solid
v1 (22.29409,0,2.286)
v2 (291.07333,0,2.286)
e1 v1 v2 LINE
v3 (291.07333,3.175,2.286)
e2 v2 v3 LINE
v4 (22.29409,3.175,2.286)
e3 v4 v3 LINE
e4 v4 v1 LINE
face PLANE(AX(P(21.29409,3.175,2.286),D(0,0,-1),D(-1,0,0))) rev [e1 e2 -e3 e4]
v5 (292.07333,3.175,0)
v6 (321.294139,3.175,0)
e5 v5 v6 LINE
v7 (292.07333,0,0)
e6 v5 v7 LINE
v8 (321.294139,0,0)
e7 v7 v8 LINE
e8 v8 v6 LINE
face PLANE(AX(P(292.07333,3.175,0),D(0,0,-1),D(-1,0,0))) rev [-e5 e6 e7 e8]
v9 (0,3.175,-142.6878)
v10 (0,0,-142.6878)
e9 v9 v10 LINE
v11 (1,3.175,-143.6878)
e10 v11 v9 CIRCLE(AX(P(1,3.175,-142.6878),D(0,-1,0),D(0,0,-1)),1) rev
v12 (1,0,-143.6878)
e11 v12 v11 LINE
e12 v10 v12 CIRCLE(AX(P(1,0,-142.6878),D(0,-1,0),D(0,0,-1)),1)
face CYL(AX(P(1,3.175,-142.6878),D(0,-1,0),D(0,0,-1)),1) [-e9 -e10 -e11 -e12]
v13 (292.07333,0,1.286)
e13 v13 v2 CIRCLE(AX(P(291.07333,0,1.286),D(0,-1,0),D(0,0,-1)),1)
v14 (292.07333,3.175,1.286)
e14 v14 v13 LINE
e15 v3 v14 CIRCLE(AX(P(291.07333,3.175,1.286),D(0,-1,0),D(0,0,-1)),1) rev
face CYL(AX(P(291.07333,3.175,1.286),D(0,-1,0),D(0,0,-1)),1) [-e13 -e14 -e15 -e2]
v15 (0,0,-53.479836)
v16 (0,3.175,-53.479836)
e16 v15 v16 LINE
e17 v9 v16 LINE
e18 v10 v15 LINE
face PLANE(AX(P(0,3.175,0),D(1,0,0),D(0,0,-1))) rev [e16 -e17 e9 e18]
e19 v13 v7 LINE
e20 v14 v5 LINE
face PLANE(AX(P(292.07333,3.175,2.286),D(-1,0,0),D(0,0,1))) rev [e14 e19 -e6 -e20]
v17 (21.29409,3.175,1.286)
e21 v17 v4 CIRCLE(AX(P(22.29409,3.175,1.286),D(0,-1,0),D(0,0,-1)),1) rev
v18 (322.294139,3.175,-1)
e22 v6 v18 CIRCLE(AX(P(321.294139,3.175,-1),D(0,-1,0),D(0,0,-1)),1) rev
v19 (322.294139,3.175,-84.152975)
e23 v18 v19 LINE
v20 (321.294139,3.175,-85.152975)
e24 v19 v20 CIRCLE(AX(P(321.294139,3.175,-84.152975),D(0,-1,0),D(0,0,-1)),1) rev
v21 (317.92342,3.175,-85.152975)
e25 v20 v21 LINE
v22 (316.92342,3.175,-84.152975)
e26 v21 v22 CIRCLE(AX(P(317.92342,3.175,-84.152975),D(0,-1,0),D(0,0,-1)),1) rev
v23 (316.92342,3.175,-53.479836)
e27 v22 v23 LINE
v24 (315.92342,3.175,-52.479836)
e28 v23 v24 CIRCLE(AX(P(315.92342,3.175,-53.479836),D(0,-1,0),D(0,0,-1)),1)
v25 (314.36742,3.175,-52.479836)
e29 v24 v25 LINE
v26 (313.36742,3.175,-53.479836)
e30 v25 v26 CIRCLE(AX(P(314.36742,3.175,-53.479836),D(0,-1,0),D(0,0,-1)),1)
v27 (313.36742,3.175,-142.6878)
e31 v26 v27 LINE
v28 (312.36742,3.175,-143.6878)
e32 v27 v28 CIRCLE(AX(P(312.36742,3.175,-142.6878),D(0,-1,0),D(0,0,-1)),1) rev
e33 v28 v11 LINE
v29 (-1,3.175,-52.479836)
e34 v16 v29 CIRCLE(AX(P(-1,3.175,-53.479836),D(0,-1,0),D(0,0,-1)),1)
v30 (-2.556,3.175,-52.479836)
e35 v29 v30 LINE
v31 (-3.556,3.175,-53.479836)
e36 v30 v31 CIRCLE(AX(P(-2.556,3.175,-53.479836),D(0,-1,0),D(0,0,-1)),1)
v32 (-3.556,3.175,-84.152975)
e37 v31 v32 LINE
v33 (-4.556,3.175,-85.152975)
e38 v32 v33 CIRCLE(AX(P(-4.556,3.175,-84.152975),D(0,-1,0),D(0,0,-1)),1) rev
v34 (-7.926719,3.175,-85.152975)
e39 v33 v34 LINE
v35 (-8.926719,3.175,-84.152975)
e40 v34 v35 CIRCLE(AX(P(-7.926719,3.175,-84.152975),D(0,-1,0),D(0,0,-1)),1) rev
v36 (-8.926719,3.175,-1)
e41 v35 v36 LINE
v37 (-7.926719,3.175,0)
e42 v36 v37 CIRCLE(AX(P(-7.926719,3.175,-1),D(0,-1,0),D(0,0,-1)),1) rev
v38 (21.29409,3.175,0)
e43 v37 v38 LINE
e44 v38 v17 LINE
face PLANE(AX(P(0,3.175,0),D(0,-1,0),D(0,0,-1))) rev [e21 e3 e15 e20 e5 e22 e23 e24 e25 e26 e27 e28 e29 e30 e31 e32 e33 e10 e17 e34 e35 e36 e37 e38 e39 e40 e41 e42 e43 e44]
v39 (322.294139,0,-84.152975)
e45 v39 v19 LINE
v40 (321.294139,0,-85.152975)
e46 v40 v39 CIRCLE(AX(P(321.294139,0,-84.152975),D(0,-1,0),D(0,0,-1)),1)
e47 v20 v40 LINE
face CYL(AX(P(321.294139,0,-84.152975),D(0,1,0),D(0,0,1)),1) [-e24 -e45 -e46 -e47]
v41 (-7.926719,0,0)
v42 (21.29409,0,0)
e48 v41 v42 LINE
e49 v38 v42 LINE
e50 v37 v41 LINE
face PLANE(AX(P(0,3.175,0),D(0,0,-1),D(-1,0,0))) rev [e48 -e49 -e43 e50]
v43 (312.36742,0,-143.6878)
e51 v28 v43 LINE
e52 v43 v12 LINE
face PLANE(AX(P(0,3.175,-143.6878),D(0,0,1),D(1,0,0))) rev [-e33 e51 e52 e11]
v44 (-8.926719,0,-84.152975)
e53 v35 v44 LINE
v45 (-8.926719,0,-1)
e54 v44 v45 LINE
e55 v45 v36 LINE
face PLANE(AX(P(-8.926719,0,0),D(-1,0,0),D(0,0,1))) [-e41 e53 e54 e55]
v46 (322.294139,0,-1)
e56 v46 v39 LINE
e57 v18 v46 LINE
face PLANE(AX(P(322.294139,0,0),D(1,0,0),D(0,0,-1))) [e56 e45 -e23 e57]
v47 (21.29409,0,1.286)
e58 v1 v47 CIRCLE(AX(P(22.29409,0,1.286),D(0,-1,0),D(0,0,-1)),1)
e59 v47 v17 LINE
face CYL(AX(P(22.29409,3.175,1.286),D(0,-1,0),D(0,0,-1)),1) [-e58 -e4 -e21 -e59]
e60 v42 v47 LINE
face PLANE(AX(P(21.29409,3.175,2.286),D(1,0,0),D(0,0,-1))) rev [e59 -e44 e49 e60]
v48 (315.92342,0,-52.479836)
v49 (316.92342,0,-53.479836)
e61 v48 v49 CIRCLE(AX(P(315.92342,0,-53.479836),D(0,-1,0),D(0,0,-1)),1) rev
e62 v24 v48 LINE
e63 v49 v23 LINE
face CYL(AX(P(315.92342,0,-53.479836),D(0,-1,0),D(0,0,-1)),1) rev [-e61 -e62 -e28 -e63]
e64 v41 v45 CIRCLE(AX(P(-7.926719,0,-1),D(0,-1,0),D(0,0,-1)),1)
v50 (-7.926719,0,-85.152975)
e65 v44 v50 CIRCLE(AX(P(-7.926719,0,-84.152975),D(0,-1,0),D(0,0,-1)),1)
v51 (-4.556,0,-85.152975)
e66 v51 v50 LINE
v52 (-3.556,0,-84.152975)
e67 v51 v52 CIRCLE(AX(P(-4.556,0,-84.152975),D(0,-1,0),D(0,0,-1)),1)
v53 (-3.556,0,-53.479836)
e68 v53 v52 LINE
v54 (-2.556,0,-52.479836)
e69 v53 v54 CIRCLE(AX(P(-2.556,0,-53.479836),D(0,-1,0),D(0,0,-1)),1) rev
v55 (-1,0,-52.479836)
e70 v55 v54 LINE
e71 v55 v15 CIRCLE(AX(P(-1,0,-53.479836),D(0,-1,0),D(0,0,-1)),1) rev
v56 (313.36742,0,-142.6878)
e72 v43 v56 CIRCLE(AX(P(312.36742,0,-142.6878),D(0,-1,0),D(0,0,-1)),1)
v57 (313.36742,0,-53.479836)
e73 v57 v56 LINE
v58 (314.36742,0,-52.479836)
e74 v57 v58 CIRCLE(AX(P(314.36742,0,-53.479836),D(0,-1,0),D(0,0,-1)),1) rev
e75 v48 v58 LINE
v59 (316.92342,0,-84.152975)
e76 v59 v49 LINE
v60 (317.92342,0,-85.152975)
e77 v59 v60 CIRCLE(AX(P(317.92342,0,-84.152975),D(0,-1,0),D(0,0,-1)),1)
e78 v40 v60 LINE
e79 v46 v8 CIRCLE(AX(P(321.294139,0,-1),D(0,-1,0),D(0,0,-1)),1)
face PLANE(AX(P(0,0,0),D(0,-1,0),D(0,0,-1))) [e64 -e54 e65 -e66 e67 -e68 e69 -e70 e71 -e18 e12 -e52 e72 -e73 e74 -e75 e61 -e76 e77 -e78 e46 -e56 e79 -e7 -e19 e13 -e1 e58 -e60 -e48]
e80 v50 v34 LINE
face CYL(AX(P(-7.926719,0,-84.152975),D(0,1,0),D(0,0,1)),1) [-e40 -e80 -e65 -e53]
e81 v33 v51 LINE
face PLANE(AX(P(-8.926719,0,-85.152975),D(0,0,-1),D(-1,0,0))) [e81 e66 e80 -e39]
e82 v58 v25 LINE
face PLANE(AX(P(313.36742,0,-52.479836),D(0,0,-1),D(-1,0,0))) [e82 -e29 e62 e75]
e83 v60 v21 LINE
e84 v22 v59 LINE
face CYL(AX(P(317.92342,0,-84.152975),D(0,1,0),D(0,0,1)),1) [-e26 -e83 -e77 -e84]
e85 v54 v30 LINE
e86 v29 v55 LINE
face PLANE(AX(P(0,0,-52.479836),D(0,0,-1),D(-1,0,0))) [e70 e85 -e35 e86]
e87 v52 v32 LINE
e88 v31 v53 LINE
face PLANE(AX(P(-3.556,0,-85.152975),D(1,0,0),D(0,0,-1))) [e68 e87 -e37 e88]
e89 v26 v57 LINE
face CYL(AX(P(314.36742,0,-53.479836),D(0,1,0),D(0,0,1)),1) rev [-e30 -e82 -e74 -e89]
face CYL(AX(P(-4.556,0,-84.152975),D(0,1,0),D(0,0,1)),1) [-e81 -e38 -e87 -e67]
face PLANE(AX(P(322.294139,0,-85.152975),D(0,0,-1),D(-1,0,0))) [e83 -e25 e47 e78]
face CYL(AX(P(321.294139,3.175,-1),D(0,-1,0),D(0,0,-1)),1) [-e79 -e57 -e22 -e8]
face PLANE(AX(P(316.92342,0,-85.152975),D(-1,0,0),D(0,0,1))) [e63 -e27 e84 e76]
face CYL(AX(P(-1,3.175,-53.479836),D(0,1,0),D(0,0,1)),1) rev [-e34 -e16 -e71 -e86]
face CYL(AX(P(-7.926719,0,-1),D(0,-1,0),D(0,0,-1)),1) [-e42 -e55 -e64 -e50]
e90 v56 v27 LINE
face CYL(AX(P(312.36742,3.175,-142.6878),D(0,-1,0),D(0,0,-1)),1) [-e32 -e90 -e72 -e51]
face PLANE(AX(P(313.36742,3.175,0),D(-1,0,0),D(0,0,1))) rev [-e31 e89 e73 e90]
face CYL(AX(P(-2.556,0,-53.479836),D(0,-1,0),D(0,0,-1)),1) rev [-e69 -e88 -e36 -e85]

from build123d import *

# Parameters (mm, degrees)
BOSS_EXTRUDE1_DEPTH = 3.175
BOSS_EXTRUDE2_DEPTH = 3.175
FILLET1_R           = 1


with BuildPart() as part:
    # Sketch1 → Boss-Extrude1 (new body)
    with BuildSketch(Plane(origin=(0, 0, 0), x_dir=(1, 0, 0), z_dir=(0, 1, 0))):
        Polygon((292.07333, 0), (313.36742, 0), (313.36742, 143.6878), (0, 143.6878), (0, 0), (21.29409, 0), (21.29409, -2.286), (292.07333, -2.286), align=None)
    extrude(amount=BOSS_EXTRUDE1_DEPTH)

    # Sketch2 → Boss-Extrude2 (add, through all)
    with BuildSketch(Plane(origin=(0, 3.175, 0), x_dir=(1, 0, 0), z_dir=(0, 1, 0))):
        Polygon((0, 0), (-8.926719258, 0), (-8.926719258, 85.152975238), (-3.556, 85.152975238), (-3.556, 52.479835837), (0, 52.479835837), align=None)
        Polygon((313.36742, 52.479835837), (316.92342, 52.479835837), (316.92342, 85.152975238), (322.294139258, 85.152975238), (322.294139258, 0), (313.36742, 0), align=None)
    extrude(amount=-BOSS_EXTRUDE2_DEPTH)

    # Fillet1
    fillet1_edges = [part.edges().sort_by_distance(p)[0] for p in [
        (0, 1.5875, -143.6878),
        (313.36742, 1.5875, -143.6878),
        (292.07333, 1.5875, 2.286),
        (21.29409, 1.5875, 2.286),
        (0, 1.5875, -52.479835837),
        (-8.926719258, 1.5875, 0),
        (-8.926719258, 1.5875, -85.152975238),
        (-3.556, 1.5875, -85.152975238),
        (-3.556, 1.5875, -52.479835837),
        (313.36742, 1.5875, -52.479835837),
        (316.92342, 1.5875, -52.479835837),
        (316.92342, 1.5875, -85.152975238),
        (322.294139258, 1.5875, -85.152975238),
        (322.294139258, 1.5875, 0),
    ]]
    fillet(fillet1_edges, radius=FILLET1_R)


solid = part.part
